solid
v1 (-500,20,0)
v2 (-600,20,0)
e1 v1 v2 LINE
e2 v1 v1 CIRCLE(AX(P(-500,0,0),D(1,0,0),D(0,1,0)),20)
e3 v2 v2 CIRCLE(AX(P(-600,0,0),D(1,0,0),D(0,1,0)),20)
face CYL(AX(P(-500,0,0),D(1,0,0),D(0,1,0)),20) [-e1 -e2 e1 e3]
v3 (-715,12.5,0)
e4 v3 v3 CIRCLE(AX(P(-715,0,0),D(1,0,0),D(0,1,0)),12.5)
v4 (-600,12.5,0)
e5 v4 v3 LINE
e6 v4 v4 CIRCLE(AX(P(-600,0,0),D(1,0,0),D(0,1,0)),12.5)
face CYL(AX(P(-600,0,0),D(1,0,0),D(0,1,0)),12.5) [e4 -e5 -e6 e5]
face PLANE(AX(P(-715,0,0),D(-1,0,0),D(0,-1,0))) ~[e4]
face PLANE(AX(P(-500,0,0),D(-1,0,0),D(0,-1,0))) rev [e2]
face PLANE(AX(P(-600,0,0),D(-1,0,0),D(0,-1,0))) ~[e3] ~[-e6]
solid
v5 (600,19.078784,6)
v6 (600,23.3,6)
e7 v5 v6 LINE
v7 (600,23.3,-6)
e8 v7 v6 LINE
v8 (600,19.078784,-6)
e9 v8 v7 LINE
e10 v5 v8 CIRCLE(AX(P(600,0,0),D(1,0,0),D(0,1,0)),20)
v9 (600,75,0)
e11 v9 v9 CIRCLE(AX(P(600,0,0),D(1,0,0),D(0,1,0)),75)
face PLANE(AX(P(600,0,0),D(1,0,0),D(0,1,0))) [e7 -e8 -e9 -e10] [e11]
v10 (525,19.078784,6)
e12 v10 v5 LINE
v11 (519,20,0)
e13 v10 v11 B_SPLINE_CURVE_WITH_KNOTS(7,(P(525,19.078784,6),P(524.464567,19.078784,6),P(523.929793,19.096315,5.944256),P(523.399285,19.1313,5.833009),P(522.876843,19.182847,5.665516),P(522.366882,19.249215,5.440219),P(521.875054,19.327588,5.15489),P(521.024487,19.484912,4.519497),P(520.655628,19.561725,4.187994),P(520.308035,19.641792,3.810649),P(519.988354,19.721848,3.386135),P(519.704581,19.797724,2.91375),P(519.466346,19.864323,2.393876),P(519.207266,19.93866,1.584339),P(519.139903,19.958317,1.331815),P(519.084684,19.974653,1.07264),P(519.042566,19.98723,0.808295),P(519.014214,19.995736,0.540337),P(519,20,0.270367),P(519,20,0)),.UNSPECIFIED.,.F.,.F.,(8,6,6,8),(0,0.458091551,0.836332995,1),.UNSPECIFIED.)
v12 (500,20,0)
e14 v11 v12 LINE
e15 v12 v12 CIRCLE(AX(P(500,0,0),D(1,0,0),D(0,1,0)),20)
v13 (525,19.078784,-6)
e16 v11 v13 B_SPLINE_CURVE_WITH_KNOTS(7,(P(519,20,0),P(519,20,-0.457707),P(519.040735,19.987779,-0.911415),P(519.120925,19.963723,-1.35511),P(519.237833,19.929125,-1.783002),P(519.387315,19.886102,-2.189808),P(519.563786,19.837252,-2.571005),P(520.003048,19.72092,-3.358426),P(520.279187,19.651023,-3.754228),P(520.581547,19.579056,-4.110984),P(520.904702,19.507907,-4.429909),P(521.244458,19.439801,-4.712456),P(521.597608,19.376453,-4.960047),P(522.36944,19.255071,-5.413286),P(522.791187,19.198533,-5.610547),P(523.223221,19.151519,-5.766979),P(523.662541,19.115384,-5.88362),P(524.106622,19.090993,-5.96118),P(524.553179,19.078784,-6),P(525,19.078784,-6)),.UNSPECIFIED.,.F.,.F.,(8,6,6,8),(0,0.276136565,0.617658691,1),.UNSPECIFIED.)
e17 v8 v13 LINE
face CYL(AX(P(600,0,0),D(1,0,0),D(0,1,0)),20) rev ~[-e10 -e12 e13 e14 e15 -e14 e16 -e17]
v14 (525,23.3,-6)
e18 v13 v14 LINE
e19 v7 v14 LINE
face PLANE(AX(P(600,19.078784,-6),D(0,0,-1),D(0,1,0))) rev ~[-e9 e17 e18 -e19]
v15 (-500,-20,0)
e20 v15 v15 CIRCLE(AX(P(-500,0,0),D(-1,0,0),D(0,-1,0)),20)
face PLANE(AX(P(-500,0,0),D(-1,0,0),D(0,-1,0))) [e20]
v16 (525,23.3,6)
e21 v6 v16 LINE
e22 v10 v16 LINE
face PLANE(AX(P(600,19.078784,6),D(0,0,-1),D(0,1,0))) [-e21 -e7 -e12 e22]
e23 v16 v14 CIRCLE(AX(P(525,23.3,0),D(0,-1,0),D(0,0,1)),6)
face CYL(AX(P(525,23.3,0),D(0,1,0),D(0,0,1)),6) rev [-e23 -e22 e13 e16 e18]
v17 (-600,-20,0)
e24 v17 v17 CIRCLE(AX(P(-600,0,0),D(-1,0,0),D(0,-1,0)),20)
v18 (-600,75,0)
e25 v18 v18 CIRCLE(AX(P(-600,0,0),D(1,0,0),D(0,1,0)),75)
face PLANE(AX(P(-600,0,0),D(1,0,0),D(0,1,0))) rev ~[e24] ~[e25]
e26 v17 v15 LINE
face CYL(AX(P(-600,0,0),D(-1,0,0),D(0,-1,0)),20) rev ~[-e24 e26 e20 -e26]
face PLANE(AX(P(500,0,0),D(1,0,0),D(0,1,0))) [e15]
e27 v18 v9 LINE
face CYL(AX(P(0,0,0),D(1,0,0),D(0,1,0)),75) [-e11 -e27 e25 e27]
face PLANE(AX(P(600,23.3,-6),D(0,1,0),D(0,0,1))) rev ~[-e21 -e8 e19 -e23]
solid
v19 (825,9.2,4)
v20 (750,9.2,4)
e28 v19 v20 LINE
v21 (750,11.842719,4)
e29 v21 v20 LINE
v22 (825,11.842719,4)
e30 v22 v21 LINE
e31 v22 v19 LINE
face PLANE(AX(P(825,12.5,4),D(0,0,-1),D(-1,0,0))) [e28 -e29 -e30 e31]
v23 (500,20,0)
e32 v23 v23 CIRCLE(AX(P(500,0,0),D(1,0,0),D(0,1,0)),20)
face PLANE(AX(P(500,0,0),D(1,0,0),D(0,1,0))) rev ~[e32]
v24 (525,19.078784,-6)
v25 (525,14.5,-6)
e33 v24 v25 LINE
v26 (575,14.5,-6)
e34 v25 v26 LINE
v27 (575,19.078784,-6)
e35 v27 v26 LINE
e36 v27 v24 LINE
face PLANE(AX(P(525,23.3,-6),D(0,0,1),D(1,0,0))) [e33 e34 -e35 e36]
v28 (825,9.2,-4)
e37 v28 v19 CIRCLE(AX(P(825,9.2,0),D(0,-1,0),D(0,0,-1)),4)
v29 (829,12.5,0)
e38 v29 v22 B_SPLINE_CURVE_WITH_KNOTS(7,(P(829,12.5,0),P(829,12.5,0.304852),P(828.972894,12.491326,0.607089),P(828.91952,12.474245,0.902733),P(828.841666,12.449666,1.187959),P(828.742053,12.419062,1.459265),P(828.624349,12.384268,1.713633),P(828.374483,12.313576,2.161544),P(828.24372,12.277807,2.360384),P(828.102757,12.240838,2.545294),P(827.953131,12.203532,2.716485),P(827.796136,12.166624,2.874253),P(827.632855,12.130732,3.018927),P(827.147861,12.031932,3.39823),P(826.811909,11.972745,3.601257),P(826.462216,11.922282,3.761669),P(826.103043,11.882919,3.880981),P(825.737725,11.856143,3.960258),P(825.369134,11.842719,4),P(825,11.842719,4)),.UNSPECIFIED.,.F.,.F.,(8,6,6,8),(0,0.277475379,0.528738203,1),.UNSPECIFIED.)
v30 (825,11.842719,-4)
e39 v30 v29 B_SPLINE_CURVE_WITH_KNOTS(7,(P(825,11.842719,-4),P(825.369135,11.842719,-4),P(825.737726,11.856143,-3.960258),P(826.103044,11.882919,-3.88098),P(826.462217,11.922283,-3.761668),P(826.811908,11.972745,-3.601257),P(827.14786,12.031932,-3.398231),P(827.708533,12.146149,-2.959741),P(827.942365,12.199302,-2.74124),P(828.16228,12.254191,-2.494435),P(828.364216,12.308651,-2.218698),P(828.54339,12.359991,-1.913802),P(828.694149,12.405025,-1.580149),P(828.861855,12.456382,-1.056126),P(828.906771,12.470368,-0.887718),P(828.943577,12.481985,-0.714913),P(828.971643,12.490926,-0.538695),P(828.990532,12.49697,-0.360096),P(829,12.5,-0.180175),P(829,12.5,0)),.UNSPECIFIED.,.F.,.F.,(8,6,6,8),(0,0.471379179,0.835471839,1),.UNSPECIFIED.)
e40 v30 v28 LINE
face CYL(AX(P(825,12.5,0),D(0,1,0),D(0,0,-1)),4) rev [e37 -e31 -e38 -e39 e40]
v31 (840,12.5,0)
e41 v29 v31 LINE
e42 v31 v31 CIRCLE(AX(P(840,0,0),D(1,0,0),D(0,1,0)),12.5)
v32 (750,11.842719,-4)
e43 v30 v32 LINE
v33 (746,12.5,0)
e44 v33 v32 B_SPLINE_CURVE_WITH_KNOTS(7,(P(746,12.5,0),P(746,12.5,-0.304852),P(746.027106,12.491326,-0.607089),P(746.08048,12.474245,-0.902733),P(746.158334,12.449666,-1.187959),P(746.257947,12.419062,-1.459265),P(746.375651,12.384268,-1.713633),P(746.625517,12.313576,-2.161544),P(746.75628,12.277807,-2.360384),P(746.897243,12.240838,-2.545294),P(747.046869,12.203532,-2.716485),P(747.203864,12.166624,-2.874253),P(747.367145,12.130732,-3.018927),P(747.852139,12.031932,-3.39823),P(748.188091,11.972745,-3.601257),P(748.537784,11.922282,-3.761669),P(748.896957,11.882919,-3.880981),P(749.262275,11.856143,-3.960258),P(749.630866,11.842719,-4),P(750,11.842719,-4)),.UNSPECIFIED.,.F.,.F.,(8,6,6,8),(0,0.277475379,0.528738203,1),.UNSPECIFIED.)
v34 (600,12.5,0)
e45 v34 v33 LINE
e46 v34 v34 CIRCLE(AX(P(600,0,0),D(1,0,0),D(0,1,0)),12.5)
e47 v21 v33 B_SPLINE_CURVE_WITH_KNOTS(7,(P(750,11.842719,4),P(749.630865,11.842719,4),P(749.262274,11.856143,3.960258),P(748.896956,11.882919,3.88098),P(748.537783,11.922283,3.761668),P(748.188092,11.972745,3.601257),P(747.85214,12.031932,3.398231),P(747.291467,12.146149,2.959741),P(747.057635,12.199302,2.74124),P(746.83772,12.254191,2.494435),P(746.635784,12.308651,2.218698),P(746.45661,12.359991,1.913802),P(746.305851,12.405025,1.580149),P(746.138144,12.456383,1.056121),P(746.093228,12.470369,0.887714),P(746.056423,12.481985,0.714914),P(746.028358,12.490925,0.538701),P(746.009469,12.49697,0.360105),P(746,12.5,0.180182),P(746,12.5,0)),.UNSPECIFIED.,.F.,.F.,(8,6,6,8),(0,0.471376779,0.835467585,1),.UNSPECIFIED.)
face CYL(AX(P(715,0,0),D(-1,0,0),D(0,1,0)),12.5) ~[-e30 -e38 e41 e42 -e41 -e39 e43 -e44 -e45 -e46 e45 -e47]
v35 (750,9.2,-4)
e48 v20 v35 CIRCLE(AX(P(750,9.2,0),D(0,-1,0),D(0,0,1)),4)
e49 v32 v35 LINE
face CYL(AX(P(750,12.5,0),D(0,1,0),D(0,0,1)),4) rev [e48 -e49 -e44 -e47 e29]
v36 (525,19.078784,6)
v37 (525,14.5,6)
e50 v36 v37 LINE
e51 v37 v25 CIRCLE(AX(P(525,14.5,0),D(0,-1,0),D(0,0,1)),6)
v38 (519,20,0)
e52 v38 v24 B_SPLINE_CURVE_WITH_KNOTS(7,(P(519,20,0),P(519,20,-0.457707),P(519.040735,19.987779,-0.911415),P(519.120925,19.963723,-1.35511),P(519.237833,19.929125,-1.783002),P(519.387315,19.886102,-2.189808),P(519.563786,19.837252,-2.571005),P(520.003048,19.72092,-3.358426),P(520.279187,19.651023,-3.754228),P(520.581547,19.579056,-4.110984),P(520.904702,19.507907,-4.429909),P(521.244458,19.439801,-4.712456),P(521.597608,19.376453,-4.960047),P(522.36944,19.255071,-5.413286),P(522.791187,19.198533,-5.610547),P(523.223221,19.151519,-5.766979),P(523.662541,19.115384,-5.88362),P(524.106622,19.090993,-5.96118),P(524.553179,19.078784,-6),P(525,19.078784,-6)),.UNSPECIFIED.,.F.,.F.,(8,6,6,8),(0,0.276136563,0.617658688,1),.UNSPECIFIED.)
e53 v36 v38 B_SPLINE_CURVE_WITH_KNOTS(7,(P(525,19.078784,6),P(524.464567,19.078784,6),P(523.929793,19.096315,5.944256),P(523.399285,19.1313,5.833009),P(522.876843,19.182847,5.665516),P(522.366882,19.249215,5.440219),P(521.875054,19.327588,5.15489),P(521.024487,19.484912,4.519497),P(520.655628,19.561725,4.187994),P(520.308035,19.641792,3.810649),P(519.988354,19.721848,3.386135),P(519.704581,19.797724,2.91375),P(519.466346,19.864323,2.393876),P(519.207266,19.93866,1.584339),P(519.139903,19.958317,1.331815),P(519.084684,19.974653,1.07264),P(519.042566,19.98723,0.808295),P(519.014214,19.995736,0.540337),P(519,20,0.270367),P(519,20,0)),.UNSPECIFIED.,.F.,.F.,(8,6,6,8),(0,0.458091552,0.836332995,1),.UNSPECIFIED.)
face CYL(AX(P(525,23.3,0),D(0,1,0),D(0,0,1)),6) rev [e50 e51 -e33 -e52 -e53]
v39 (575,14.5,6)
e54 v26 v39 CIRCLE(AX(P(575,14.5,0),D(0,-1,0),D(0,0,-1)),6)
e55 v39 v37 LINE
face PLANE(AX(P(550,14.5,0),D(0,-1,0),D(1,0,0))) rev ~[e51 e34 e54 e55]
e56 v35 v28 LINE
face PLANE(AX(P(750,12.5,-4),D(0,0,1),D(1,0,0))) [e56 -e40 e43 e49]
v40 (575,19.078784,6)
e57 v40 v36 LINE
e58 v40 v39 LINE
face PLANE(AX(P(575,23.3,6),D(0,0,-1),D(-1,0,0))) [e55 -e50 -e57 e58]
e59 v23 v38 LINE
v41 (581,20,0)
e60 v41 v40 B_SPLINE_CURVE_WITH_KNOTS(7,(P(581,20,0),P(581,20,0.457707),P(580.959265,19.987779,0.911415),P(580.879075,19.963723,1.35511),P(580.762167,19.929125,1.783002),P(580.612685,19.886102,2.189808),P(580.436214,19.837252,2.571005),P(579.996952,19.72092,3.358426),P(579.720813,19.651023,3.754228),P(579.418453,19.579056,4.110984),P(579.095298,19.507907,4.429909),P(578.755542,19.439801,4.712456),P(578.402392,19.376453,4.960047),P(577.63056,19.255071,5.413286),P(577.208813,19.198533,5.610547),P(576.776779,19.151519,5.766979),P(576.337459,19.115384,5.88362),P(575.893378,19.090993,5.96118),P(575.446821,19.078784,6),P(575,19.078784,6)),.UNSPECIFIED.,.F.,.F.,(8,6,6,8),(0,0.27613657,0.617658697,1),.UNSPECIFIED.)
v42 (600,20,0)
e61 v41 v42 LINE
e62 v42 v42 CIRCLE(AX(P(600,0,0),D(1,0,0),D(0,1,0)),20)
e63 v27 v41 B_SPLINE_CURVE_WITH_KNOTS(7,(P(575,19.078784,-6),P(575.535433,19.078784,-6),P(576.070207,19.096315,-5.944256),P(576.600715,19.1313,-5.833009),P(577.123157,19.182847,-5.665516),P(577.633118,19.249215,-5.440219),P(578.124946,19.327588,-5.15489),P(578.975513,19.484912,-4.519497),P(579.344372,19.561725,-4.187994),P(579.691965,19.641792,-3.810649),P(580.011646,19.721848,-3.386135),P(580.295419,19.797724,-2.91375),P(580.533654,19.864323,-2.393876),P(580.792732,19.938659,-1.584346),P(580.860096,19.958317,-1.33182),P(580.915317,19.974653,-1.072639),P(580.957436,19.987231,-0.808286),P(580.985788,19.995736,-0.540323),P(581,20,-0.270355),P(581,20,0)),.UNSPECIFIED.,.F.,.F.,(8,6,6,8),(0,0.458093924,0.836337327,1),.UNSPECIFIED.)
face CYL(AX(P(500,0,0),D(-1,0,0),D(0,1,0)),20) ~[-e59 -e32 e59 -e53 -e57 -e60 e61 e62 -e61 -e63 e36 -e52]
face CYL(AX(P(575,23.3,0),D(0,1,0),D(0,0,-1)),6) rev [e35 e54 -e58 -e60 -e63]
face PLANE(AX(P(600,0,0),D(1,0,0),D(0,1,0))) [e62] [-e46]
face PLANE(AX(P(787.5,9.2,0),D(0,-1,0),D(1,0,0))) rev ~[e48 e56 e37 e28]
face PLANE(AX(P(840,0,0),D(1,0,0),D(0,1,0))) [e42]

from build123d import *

# Parameters (mm, degrees)
F0_R       = 75
F1_DEPTH   = 600
F2_R       = 20
F3_DEPTH   = 100
F4_R       = 20
F5_DEPTH   = 100
F6_W       = 4.221216
F6_H       = 12
F7_DEPTH   = 75
F8_R       = 20
F9_DEPTH   = 100
F10_R      = 12.5
F11_DEPTH  = 115
F14_DEPTH  = 8.8
F11_FACE_R = 12.5
F15_DEPTH  = 125
F18_DEPTH  = 3.3


with BuildPart() as f1:
    # F0 (on Right) → F1 (new body, symmetric)
    with BuildSketch(Plane.YZ):
        Circle(F0_R)
    extrude(amount=F1_DEPTH, both=True)

    # F2 (on face) → F3 (cut)
    with BuildSketch(Plane(origin=(-600, 0, 0), x_dir=(0, -1, 0), z_dir=(-1, 0, 0))):
        Circle(F2_R)
    extrude(amount=-F3_DEPTH, mode=Mode.SUBTRACT)

    # F4 (on face) → F5 (cut)
    with BuildSketch(Plane.YZ.offset(600)):
        Circle(F4_R)
    extrude(amount=-F5_DEPTH, mode=Mode.SUBTRACT)

    # F6 (on face) → F7 (cut)
    with BuildSketch(Plane.YZ.offset(600)):
        with Locations((21.189392, 0)):
            Rectangle(F6_W, F6_H)
    extrude(amount=-F7_DEPTH, mode=Mode.SUBTRACT)


with BuildPart() as f9:
    # F8 (on face) → F9 (new body)
    with BuildSketch(Plane.YZ.offset(500)):
        Circle(F8_R)
    extrude(amount=F9_DEPTH)

    # F10 (on face) → F11 (join)
    with BuildSketch(Plane.YZ.offset(600)):
        Circle(F10_R)
    extrude(amount=F11_DEPTH)


with BuildPart() as f12_1:
    # F12: instance of F9
    add(f9.part.mirror(Plane.YZ))


with BuildPart() as f14_tool:
    # F13 (on face) → F14 (new body)
    with BuildSketch(Plane.XZ.offset(-23.3)):
        with BuildLine():
            ThreePointArc((525, 6), (519, 0), (525, -6))
            Line((525, -6), (575, -6))
            ThreePointArc((575, -6), (581, 0), (575, 6))
            Line((575, 6), (525, 6))
        make_face()
    extrude(amount=F14_DEPTH)


with BuildPart() as f1_1:
    add(f1.part)

    # F14: cut by f14_tool
    add(f14_tool.part, mode=Mode.SUBTRACT)


with BuildPart() as f9_1:
    add(f9.part)

    # F14: cut by f14_tool
    add(f14_tool.part, mode=Mode.SUBTRACT)

    # F11_face (on face) → F15 (join)
    with BuildSketch(Plane.YZ.offset(715)):
        Circle(F11_FACE_R)
    extrude(amount=F15_DEPTH)

    # F17 (on offset) → F18 (cut)
    with BuildSketch(Plane.XZ.offset(-12.5)):
        with BuildLine():
            ThreePointArc((825, -4), (829, 0), (825, 4))
            Line((825, 4), (750, 4))
            ThreePointArc((750, 4), (746, 0), (750, -4))
            Line((750, -4), (825, -4))
        make_face()
    extrude(amount=F18_DEPTH, mode=Mode.SUBTRACT)


solid = Compound([f12_1.part, f1_1.part, f9_1.part])
